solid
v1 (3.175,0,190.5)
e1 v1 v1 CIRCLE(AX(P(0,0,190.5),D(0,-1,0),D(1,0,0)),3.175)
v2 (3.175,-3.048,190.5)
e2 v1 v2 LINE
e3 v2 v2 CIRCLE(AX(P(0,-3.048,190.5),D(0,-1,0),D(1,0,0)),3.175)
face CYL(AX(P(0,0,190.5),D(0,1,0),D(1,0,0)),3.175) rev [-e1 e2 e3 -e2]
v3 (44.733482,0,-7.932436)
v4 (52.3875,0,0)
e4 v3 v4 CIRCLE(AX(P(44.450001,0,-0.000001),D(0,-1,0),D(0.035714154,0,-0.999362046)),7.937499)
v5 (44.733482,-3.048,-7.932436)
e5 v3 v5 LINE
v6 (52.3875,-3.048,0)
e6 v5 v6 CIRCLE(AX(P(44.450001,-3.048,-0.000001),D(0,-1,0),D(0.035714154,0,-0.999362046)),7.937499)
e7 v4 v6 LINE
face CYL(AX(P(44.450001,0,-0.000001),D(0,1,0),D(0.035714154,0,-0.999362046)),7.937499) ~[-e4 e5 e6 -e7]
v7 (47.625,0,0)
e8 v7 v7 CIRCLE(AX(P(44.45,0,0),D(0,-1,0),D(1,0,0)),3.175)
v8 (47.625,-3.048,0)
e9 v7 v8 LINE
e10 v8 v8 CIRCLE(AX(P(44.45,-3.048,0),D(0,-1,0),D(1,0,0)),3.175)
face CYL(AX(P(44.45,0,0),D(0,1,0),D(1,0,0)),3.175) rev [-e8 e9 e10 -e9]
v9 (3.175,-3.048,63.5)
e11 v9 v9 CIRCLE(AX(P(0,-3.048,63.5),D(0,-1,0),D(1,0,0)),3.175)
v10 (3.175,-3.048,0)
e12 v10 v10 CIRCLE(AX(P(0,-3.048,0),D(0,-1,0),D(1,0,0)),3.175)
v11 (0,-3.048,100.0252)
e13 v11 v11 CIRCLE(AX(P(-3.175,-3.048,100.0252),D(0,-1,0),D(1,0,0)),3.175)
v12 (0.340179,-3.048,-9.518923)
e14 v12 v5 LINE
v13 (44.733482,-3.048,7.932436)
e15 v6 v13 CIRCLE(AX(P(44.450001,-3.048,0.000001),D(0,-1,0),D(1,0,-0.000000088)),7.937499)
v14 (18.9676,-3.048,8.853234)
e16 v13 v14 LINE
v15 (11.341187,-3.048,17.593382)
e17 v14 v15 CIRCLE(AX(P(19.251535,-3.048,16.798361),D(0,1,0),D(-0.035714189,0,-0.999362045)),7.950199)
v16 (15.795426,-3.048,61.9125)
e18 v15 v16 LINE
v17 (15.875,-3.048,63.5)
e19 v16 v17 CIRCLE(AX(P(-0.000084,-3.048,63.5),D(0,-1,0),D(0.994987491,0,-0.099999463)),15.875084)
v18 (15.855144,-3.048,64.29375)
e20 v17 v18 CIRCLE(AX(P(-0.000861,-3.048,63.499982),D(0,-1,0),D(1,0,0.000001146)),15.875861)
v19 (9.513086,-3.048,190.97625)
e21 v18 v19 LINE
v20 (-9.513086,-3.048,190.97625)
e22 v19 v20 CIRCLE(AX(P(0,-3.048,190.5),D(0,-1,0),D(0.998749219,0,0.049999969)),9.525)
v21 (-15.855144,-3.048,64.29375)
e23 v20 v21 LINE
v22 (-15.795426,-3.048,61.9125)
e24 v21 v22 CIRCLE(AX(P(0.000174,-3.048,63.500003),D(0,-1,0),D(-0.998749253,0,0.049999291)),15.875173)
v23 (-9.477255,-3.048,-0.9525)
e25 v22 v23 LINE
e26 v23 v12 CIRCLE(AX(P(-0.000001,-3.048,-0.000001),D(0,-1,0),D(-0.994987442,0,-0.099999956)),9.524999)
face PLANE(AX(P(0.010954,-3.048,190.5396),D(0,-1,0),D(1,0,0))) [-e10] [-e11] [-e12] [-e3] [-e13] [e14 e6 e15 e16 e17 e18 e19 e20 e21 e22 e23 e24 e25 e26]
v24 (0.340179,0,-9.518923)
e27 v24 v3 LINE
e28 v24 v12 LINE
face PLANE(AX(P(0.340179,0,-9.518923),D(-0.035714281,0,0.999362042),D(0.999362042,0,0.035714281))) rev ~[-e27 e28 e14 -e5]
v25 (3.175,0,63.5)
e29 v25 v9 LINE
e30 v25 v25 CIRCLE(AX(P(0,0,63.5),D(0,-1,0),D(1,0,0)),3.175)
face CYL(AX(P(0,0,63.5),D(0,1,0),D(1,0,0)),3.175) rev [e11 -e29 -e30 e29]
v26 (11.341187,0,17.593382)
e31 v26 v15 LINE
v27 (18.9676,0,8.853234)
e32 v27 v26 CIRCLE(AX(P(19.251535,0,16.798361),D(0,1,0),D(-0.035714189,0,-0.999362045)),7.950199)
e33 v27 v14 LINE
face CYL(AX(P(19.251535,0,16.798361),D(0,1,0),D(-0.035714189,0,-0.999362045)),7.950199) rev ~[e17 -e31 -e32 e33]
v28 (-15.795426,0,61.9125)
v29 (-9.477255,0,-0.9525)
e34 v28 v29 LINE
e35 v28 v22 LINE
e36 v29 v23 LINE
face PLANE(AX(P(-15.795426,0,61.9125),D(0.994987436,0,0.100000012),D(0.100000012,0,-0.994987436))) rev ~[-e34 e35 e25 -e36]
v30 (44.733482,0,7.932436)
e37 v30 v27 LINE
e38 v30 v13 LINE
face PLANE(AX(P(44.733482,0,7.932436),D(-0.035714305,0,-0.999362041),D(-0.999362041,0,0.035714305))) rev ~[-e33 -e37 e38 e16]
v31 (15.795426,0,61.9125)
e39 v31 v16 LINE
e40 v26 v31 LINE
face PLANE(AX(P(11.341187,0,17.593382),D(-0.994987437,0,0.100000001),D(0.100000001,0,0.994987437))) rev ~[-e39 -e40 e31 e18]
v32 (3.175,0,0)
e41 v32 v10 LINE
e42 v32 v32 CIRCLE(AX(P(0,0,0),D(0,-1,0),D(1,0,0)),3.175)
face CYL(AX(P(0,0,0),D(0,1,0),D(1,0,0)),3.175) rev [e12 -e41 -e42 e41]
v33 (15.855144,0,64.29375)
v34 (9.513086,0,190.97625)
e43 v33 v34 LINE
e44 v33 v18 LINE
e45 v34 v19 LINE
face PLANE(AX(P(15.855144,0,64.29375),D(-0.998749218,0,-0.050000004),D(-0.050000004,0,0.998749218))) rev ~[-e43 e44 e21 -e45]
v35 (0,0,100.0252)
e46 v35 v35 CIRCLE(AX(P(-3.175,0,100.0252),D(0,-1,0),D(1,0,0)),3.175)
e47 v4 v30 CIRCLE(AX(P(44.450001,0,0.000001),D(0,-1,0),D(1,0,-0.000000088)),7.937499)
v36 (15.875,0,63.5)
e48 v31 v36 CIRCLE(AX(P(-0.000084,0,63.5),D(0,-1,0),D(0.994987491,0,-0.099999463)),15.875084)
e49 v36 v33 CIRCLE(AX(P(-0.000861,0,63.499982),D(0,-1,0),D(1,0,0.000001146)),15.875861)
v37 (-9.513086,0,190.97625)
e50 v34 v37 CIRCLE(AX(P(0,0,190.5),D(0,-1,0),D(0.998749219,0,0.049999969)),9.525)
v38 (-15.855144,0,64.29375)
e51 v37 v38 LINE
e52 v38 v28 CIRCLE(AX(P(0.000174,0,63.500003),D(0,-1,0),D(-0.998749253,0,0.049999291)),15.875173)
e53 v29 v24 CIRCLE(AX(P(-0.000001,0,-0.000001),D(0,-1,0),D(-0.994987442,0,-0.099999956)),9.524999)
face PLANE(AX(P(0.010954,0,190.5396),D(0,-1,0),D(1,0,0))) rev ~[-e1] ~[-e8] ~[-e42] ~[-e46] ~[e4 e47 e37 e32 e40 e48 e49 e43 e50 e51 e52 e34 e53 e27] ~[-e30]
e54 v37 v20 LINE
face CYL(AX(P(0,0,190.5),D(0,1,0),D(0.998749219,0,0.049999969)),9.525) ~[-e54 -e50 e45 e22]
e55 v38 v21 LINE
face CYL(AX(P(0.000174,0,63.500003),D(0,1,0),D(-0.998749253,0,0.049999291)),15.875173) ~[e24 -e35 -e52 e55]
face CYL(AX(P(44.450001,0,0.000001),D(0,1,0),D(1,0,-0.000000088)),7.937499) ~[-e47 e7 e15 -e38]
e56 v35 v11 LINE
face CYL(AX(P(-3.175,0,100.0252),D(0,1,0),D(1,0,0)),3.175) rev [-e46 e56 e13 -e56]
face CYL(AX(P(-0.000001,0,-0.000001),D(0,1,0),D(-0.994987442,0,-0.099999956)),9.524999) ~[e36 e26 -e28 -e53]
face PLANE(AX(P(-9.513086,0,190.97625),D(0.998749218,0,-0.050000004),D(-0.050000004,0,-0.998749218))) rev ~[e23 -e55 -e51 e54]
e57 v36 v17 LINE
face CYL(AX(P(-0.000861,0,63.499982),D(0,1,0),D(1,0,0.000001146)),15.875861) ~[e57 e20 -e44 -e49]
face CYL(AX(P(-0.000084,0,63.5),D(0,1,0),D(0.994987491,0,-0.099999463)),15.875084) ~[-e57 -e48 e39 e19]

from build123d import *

# Parameters (mm, degrees)
F0_R     = 3.175
F1_DEPTH = 3.048


with BuildPart() as f1:
    # F0 (on Front) → F1 (new body)
    with BuildSketch(Plane.XZ):
        with BuildLine():
            ThreePointArc((9.513086, 190.97625), (0, 200.025), (-9.513086, 190.97625))
            ThreePointArc((-9.513086, 190.97625), (-0.238199, 180.977979), (9.525, 190.5))
            ThreePointArc((9.525, 190.5), (9.522021, 190.738199), (9.513086, 190.97625))
        make_face()
        with Locations((0, 190.5)):
            Circle(F0_R, mode=Mode.SUBTRACT)
        with BuildLine():
            Line((-9.513086, 190.97625), (-15.855144, 64.29375))
            ThreePointArc((-15.855144, 64.29375), (0, 79.375), (15.855144, 64.29375))
            Line((15.855144, 64.29375), (9.513086, 190.97625))
            ThreePointArc((9.513086, 190.97625), (9.522021, 190.738199), (9.525, 190.5))
            ThreePointArc((9.525, 190.5), (-0.238199, 180.977979), (-9.513086, 190.97625))
        make_face()
        with Locations((-3.175, 100.0252)):
            Circle(F0_R, mode=Mode.SUBTRACT)
        with BuildLine():
            ThreePointArc((-15.855144, 64.29375), (-15.87001, 63.102003), (-15.795426, 61.9125))
            ThreePointArc((-15.795426, 61.9125), (0, 47.625), (15.795426, 61.9125))
            ThreePointArc((15.795426, 61.9125), (15.855094, 62.705253), (15.875, 63.5))
            ThreePointArc((15.875, 63.5), (15.870035, 63.896999), (15.855144, 64.29375))
            ThreePointArc((15.855144, 64.29375), (0, 79.375), (-15.855144, 64.29375))
        make_face()
        with Locations((0, 63.5)):
            Circle(F0_R, mode=Mode.SUBTRACT)
        with BuildLine():
            ThreePointArc((-9.477255, -0.9525), (-0.476848, 9.513056), (9.525, 0))
            ThreePointArc((9.525, 0), (6.854408, -6.613827), (0.340179, -9.518923))
            Line((0.340179, -9.518923), (44.733482, -7.932436))
            ThreePointArc((44.733482, -7.932436), (36.5125, 0), (44.733482, 7.932436))
            Line((44.733482, 7.932436), (18.9676, 8.853234))
            ThreePointArc((18.9676, 8.853234), (13.2612, 11.571359), (11.341187, 17.593382))
            Line((11.341187, 17.593382), (15.795426, 61.9125))
            ThreePointArc((15.795426, 61.9125), (0, 47.625), (-15.795426, 61.9125))
            Line((-15.795426, 61.9125), (-9.477255, -0.9525))
        make_face()
        with BuildLine():
            ThreePointArc((0.340179, -9.518923), (6.854408, -6.613827), (9.525, 0))
            ThreePointArc((9.525, 0), (-0.476848, 9.513056), (-9.477255, -0.9525))
            ThreePointArc((-9.477255, -0.9525), (-6.262383, -7.17692), (0.340179, -9.518923))
        make_face()
        Circle(F0_R, mode=Mode.SUBTRACT)
        with BuildLine():
            ThreePointArc((44.733482, 7.932436), (36.5125, 0), (44.733482, -7.932436))
            ThreePointArc((44.733482, -7.932436), (50.162007, -5.511523), (52.3875, 0))
            ThreePointArc((52.3875, 0), (50.162007, 5.511523), (44.733482, 7.932436))
        make_face()
        with Locations((44.45, 0)):
            Circle(F0_R, mode=Mode.SUBTRACT)
    extrude(amount=F1_DEPTH)


solid = f1.part
